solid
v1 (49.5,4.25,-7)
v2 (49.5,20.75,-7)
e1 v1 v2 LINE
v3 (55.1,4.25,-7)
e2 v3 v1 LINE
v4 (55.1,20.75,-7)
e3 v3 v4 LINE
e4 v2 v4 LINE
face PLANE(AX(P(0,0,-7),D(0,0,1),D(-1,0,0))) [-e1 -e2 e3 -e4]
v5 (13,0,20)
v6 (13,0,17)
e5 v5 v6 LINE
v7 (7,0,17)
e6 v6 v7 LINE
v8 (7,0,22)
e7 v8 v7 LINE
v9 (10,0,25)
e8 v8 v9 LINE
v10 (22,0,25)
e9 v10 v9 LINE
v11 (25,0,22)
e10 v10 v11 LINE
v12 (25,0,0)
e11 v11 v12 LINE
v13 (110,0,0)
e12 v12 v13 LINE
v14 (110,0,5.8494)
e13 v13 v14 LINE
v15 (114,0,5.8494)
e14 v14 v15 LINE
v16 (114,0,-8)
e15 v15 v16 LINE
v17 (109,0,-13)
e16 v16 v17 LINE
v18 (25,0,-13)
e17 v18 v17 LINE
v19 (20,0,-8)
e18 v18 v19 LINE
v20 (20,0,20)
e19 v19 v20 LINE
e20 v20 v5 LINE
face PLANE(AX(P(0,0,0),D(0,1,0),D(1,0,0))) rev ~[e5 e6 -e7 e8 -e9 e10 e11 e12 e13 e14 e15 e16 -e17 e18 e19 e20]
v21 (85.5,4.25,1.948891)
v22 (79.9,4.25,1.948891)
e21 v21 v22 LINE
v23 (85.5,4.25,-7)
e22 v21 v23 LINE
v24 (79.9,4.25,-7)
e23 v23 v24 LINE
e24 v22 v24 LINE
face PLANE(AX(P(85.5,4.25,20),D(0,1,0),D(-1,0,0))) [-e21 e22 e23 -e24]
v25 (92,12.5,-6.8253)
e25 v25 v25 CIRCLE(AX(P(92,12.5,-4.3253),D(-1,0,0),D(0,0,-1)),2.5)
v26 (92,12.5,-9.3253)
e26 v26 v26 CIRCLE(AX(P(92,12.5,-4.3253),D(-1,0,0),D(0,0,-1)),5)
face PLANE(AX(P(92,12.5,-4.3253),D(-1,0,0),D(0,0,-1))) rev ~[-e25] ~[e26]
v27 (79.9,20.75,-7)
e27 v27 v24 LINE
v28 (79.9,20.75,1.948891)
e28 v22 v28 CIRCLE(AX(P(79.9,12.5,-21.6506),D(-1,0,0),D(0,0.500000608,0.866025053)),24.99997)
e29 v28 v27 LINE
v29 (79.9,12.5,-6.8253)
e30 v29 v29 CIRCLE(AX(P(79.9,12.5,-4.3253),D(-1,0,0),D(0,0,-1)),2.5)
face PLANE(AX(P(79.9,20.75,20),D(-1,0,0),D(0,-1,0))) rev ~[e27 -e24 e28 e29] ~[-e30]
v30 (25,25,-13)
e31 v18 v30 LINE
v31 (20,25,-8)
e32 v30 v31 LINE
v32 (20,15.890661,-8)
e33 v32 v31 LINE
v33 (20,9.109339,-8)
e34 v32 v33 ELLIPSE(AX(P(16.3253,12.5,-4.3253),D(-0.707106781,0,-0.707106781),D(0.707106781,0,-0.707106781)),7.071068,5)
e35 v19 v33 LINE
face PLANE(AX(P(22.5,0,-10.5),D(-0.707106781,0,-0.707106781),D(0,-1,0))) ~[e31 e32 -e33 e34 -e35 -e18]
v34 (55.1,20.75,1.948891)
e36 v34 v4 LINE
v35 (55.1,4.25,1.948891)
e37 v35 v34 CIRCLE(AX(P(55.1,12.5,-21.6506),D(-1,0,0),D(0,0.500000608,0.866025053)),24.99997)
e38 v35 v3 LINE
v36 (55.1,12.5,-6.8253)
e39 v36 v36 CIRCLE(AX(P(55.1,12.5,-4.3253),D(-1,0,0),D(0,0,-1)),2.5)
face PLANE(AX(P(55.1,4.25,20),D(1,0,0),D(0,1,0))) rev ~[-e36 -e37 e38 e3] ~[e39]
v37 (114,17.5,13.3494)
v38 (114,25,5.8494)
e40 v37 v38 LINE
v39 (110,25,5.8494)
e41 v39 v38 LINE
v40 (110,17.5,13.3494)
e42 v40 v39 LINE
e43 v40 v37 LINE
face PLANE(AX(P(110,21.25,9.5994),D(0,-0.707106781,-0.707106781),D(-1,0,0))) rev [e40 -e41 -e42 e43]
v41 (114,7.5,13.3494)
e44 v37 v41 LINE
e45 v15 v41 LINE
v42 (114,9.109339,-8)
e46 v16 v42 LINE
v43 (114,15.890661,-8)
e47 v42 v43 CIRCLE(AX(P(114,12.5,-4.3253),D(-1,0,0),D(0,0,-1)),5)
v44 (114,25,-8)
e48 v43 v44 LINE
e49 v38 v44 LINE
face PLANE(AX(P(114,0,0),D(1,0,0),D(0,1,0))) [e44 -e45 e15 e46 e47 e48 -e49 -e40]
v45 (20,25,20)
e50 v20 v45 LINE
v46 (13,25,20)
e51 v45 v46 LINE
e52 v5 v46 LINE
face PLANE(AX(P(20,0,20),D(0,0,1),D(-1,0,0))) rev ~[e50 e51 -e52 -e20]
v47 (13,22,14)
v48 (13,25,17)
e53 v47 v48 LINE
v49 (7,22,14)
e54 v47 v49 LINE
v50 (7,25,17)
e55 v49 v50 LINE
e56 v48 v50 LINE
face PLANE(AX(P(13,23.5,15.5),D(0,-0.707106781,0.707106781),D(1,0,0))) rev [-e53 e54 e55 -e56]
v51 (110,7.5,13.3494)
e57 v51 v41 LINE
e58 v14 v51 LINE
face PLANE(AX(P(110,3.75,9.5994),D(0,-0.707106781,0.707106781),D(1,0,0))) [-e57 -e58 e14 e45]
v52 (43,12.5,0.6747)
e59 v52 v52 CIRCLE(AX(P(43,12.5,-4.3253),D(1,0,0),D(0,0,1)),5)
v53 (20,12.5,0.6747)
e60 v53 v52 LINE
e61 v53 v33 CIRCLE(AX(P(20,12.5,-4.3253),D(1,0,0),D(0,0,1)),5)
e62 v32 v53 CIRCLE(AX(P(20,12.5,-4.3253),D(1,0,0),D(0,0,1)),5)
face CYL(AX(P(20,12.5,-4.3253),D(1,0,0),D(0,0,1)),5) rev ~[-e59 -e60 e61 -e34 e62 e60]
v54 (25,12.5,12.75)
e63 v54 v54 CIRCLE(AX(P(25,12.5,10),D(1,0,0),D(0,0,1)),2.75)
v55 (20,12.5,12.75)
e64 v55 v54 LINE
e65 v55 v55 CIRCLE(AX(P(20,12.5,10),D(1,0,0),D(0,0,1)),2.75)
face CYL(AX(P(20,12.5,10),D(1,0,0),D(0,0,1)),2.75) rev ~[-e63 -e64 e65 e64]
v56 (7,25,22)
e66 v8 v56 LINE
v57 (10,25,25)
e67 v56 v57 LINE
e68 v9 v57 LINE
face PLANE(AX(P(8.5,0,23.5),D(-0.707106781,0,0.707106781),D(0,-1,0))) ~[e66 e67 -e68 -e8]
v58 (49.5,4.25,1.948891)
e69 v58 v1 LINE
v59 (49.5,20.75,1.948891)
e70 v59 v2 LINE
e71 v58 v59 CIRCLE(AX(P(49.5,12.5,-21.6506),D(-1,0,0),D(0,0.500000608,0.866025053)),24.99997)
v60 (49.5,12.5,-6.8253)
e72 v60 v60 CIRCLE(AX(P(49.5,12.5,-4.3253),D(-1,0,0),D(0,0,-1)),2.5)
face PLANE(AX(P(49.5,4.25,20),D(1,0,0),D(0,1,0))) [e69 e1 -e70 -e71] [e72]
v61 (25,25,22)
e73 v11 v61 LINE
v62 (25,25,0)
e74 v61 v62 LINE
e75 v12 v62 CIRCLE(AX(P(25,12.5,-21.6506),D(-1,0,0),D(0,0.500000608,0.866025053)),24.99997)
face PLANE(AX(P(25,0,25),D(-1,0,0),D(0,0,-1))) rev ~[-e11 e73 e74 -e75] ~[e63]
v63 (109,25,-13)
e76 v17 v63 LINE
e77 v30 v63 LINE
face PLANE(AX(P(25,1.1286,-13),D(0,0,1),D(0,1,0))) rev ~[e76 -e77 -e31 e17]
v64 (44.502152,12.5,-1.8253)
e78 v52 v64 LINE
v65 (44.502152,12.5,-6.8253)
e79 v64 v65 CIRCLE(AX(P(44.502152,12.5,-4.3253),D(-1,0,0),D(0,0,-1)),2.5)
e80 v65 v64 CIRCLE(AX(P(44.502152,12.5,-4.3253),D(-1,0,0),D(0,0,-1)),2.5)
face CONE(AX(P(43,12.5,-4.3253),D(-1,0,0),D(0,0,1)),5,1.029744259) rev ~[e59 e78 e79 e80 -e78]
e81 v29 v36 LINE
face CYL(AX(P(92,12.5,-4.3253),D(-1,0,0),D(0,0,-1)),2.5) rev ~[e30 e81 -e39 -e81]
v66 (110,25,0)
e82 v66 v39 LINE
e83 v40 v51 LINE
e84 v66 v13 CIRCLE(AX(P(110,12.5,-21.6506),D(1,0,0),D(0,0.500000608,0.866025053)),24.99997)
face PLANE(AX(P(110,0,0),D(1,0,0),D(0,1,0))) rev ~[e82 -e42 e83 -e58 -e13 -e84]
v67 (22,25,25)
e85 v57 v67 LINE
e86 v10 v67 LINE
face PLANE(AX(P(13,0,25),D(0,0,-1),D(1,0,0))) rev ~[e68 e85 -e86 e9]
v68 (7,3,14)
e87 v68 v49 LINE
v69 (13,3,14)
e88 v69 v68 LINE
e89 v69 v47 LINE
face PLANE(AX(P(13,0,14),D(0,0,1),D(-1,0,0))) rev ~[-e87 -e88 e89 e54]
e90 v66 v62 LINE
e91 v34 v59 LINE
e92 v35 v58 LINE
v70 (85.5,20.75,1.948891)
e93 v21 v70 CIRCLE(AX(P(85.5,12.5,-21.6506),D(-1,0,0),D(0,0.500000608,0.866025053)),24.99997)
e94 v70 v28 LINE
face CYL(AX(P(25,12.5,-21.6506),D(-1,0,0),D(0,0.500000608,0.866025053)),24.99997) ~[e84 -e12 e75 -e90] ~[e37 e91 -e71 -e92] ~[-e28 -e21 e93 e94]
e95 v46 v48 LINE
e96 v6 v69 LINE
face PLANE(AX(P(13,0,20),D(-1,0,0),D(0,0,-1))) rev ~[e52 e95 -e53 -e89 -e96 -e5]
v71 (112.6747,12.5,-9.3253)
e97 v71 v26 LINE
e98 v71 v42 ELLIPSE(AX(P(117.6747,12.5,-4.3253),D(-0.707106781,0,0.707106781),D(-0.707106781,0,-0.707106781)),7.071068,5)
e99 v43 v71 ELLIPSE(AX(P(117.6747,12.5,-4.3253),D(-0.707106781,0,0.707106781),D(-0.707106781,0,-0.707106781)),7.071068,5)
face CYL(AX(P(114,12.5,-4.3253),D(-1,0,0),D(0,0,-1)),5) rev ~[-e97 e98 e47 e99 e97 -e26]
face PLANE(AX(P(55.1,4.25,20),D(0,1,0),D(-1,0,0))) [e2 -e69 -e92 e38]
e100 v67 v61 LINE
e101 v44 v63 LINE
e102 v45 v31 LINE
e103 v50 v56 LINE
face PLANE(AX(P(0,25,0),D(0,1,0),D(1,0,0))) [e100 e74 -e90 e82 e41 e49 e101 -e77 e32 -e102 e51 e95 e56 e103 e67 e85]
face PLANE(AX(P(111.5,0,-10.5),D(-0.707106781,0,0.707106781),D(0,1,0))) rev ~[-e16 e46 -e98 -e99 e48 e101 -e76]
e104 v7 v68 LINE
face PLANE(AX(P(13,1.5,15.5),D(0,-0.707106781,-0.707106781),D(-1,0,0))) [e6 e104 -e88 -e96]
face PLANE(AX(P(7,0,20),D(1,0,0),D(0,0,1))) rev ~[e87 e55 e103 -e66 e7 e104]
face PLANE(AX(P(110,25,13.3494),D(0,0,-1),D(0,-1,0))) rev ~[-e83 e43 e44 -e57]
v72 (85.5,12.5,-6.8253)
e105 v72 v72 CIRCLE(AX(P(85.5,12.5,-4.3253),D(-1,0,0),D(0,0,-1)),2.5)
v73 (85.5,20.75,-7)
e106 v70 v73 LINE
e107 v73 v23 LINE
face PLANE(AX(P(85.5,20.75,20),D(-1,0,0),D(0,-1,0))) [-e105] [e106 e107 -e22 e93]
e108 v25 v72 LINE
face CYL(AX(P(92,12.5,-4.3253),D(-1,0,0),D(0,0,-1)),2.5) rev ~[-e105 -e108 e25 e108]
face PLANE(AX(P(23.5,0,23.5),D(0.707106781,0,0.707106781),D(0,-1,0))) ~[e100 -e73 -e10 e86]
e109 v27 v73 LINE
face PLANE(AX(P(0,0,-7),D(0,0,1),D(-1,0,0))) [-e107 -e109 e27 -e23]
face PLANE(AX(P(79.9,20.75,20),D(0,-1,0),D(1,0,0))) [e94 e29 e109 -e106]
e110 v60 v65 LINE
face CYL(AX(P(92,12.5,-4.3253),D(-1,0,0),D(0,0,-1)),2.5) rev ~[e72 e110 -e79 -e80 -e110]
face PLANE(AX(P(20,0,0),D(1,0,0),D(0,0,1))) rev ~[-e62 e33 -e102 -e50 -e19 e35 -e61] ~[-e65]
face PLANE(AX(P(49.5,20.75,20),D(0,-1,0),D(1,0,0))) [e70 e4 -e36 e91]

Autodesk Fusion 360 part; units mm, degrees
sketch "Sketch1" plane through (0, 0, 0) normal (0, 1, 0) x (1, 0, 0)
  line L0 (0, 0) -> (20, 0)
  line L1 (20, 0) -> (20, -20)
  line L2 (20, -20) -> (0, -20)
  line L3 (0, -20) -> (0, 0)
  line L4 (10, -20) -> (10, -25) construction
  line L5 (7, -25) -> (13, -25)
  line L6 (13, -25) -> (13, -14)
  line L7 (13, -14) -> (7, -14)
  line L8 (7, -14) -> (7, -25)
  line L9 (13, -25) -> (25, -25)
  line L10 (25, -25) -> (25, 0)
  line L11 (25, 0) -> (20, 0)
  dimension "d1" = 20
  dimension "d2" = 20
  dimension "d3" = 5
  dimension "d4" = 6
  dimension "d5" = 6
  dimension "d6" = 5
extrude "Extrude1" add sketch "Sketch1" along normal blind 25 contours L1 L2 L6 L9 L10 L11 | L2 L6 L7 L8 | L2 L5 L6 L8
hole "Hole3" at (20, 12.5, 10) direction (1, 0, 0) diameter 5.5 depth 11 tip angle 180
sketch "Sketch2" plane through (25, 0, 0) normal (1, 0, 0) x (0, 1, 0)
  line L0 (0, 25) -> (0, 0)
  line L1 (0, 0) -> (25, 0)
  line L2 (25, 0) -> (25, 25)
  line L3 (25, 25) -> (0, 25)
  arc A0 (25, 0) -> (0, 0) centre (12.5, -21.6506) ccw
  line L4 (0, 0) -> (0, -13)
  circle A1 centre (12.5, 10) radius 2.75
  line L5 (0, -13) -> (1.1286, -13)
  line L6 (1.1286, -13) -> (25, -13)
  line L7 (25, -13) -> (25, 0)
  dimension "d9" = 25
  dimension "d62" = 13
extrude "Extrude2" add sketch "Sketch2" along normal blind 85 and the other way blind 5 contours L1 A0 | L1 L4 L5 L6 L7
sketch "Sketch3" plane through (110, 0, 0) normal (1, 0, 0) x (0, 1, 0)
  arc A0 (25, 0) -> (0, 0) centre (12.5, -21.6506) ccw
  line L0 (0, 0) -> (0, -13)
  line L1 (25, -13) -> (25, 0)
  line L2 (12.5, -16.6506) -> (12.5, 13.3494) construction
  line L3 (25, 13.3494) -> (25, 0)
  line L4 (25, 13.3494) -> (0, 13.3494)
  line L5 (0, 13.3494) -> (0, 0)
  line L6 (0, -13) -> (25, -13)
  dimension "d12" = 10
  dimension "d13" = 25
extrude "Extrude3" add sketch "Sketch3" along normal blind 4
chamfer "Chamfer1" distance 3 angle 45 2 edges at (7, 12.5, 25) (25, 12.5, 25)
chamfer "Chamfer2" distance 3 angle 45 2 edges at (10, 0, 14) (10, 25, 14)
chamfer "Chamfer5" distance 7.5 angle 45 2 edges at (112, 0, 13.3494) (112, 25, 13.3494)
chamfer "Chamfer6" distance 5 angle 45 2 edges at (20, 12.5, -13) (114, 12.5, -13)
sketch "Sketch4" plane through (0, 0, 25) normal (0, 0, 1) x (-1, 0, 0)
  line L0 (-25, -25) -> (-25, 0)
  line L1 (-25, 0) -> (-110, 0)
  line L2 (-110, 0) -> (-110, -25)
  line L3 (-110, -25) -> (-25, -25)
  line L4 (-67.5, -25) -> (-67.5, 0) construction
  line L5 (-49.5, -25) -> (-85.5, -25)
  line L6 (-85.5, -25) -> (-85.5, 0)
  line L7 (-85.5, 0) -> (-49.5, 0)
  line L8 (-49.5, 0) -> (-49.5, -25)
  line L9 (-55.1, -25) -> (-79.9, -25)
  line L10 (-79.9, -25) -> (-79.9, 0)
  line L11 (-79.9, 0) -> (-55.1, 0)
  line L12 (-55.1, 0) -> (-55.1, -25)
  line L13 (-49.5, -12.5) -> (-85.5, -12.5) construction
  line L14 (-49.5, -20.75) -> (-85.5, -20.75)
  line L15 (-85.5, -20.75) -> (-85.5, -4.25)
  line L16 (-85.5, -4.25) -> (-49.5, -4.25)
  line L17 (-49.5, -4.25) -> (-49.5, -20.75)
  line L18 (-64.5, -20.75) -> (-70.5, -20.75)
  line L19 (-70.5, -20.75) -> (-70.5, -4.25)
  line L20 (-70.5, -4.25) -> (-64.5, -4.25)
  line L21 (-64.5, -4.25) -> (-64.5, -20.75)
  line L22 (-22, 0) -> (-22, -25)
  line L23 (-22, -25) -> (-10, -25)
  line L24 (-10, -25) -> (-10, 0)
  line L25 (-10, 0) -> (-22, 0)
  dimension "d22" = 36
  dimension "d23" = 5.6
  dimension "d24" = 20
  dimension "d25" = 16.5
  dimension "d29" = 21.5
  dimension "d31" = 6
extrude "Extrude4" cut sketch "Sketch4" against normal blind 27 from surface at -5 contours L8 L12 L14 L16 L17 | L6 L10 L14 L15 L16
hole "Hole1" at (114, 12.5, -4.3253) direction (-1, 0, 0) diameter 5 depth 100 tip angle 118 counterbore diameter 10 counterbore depth 22
hole "Hole2" at (20, 12.5, -4.3253) direction (1, 0, 0) diameter 10 depth 23 tip angle 118
equation "d62 = 5 mm + 4 mm + 4 mm"
